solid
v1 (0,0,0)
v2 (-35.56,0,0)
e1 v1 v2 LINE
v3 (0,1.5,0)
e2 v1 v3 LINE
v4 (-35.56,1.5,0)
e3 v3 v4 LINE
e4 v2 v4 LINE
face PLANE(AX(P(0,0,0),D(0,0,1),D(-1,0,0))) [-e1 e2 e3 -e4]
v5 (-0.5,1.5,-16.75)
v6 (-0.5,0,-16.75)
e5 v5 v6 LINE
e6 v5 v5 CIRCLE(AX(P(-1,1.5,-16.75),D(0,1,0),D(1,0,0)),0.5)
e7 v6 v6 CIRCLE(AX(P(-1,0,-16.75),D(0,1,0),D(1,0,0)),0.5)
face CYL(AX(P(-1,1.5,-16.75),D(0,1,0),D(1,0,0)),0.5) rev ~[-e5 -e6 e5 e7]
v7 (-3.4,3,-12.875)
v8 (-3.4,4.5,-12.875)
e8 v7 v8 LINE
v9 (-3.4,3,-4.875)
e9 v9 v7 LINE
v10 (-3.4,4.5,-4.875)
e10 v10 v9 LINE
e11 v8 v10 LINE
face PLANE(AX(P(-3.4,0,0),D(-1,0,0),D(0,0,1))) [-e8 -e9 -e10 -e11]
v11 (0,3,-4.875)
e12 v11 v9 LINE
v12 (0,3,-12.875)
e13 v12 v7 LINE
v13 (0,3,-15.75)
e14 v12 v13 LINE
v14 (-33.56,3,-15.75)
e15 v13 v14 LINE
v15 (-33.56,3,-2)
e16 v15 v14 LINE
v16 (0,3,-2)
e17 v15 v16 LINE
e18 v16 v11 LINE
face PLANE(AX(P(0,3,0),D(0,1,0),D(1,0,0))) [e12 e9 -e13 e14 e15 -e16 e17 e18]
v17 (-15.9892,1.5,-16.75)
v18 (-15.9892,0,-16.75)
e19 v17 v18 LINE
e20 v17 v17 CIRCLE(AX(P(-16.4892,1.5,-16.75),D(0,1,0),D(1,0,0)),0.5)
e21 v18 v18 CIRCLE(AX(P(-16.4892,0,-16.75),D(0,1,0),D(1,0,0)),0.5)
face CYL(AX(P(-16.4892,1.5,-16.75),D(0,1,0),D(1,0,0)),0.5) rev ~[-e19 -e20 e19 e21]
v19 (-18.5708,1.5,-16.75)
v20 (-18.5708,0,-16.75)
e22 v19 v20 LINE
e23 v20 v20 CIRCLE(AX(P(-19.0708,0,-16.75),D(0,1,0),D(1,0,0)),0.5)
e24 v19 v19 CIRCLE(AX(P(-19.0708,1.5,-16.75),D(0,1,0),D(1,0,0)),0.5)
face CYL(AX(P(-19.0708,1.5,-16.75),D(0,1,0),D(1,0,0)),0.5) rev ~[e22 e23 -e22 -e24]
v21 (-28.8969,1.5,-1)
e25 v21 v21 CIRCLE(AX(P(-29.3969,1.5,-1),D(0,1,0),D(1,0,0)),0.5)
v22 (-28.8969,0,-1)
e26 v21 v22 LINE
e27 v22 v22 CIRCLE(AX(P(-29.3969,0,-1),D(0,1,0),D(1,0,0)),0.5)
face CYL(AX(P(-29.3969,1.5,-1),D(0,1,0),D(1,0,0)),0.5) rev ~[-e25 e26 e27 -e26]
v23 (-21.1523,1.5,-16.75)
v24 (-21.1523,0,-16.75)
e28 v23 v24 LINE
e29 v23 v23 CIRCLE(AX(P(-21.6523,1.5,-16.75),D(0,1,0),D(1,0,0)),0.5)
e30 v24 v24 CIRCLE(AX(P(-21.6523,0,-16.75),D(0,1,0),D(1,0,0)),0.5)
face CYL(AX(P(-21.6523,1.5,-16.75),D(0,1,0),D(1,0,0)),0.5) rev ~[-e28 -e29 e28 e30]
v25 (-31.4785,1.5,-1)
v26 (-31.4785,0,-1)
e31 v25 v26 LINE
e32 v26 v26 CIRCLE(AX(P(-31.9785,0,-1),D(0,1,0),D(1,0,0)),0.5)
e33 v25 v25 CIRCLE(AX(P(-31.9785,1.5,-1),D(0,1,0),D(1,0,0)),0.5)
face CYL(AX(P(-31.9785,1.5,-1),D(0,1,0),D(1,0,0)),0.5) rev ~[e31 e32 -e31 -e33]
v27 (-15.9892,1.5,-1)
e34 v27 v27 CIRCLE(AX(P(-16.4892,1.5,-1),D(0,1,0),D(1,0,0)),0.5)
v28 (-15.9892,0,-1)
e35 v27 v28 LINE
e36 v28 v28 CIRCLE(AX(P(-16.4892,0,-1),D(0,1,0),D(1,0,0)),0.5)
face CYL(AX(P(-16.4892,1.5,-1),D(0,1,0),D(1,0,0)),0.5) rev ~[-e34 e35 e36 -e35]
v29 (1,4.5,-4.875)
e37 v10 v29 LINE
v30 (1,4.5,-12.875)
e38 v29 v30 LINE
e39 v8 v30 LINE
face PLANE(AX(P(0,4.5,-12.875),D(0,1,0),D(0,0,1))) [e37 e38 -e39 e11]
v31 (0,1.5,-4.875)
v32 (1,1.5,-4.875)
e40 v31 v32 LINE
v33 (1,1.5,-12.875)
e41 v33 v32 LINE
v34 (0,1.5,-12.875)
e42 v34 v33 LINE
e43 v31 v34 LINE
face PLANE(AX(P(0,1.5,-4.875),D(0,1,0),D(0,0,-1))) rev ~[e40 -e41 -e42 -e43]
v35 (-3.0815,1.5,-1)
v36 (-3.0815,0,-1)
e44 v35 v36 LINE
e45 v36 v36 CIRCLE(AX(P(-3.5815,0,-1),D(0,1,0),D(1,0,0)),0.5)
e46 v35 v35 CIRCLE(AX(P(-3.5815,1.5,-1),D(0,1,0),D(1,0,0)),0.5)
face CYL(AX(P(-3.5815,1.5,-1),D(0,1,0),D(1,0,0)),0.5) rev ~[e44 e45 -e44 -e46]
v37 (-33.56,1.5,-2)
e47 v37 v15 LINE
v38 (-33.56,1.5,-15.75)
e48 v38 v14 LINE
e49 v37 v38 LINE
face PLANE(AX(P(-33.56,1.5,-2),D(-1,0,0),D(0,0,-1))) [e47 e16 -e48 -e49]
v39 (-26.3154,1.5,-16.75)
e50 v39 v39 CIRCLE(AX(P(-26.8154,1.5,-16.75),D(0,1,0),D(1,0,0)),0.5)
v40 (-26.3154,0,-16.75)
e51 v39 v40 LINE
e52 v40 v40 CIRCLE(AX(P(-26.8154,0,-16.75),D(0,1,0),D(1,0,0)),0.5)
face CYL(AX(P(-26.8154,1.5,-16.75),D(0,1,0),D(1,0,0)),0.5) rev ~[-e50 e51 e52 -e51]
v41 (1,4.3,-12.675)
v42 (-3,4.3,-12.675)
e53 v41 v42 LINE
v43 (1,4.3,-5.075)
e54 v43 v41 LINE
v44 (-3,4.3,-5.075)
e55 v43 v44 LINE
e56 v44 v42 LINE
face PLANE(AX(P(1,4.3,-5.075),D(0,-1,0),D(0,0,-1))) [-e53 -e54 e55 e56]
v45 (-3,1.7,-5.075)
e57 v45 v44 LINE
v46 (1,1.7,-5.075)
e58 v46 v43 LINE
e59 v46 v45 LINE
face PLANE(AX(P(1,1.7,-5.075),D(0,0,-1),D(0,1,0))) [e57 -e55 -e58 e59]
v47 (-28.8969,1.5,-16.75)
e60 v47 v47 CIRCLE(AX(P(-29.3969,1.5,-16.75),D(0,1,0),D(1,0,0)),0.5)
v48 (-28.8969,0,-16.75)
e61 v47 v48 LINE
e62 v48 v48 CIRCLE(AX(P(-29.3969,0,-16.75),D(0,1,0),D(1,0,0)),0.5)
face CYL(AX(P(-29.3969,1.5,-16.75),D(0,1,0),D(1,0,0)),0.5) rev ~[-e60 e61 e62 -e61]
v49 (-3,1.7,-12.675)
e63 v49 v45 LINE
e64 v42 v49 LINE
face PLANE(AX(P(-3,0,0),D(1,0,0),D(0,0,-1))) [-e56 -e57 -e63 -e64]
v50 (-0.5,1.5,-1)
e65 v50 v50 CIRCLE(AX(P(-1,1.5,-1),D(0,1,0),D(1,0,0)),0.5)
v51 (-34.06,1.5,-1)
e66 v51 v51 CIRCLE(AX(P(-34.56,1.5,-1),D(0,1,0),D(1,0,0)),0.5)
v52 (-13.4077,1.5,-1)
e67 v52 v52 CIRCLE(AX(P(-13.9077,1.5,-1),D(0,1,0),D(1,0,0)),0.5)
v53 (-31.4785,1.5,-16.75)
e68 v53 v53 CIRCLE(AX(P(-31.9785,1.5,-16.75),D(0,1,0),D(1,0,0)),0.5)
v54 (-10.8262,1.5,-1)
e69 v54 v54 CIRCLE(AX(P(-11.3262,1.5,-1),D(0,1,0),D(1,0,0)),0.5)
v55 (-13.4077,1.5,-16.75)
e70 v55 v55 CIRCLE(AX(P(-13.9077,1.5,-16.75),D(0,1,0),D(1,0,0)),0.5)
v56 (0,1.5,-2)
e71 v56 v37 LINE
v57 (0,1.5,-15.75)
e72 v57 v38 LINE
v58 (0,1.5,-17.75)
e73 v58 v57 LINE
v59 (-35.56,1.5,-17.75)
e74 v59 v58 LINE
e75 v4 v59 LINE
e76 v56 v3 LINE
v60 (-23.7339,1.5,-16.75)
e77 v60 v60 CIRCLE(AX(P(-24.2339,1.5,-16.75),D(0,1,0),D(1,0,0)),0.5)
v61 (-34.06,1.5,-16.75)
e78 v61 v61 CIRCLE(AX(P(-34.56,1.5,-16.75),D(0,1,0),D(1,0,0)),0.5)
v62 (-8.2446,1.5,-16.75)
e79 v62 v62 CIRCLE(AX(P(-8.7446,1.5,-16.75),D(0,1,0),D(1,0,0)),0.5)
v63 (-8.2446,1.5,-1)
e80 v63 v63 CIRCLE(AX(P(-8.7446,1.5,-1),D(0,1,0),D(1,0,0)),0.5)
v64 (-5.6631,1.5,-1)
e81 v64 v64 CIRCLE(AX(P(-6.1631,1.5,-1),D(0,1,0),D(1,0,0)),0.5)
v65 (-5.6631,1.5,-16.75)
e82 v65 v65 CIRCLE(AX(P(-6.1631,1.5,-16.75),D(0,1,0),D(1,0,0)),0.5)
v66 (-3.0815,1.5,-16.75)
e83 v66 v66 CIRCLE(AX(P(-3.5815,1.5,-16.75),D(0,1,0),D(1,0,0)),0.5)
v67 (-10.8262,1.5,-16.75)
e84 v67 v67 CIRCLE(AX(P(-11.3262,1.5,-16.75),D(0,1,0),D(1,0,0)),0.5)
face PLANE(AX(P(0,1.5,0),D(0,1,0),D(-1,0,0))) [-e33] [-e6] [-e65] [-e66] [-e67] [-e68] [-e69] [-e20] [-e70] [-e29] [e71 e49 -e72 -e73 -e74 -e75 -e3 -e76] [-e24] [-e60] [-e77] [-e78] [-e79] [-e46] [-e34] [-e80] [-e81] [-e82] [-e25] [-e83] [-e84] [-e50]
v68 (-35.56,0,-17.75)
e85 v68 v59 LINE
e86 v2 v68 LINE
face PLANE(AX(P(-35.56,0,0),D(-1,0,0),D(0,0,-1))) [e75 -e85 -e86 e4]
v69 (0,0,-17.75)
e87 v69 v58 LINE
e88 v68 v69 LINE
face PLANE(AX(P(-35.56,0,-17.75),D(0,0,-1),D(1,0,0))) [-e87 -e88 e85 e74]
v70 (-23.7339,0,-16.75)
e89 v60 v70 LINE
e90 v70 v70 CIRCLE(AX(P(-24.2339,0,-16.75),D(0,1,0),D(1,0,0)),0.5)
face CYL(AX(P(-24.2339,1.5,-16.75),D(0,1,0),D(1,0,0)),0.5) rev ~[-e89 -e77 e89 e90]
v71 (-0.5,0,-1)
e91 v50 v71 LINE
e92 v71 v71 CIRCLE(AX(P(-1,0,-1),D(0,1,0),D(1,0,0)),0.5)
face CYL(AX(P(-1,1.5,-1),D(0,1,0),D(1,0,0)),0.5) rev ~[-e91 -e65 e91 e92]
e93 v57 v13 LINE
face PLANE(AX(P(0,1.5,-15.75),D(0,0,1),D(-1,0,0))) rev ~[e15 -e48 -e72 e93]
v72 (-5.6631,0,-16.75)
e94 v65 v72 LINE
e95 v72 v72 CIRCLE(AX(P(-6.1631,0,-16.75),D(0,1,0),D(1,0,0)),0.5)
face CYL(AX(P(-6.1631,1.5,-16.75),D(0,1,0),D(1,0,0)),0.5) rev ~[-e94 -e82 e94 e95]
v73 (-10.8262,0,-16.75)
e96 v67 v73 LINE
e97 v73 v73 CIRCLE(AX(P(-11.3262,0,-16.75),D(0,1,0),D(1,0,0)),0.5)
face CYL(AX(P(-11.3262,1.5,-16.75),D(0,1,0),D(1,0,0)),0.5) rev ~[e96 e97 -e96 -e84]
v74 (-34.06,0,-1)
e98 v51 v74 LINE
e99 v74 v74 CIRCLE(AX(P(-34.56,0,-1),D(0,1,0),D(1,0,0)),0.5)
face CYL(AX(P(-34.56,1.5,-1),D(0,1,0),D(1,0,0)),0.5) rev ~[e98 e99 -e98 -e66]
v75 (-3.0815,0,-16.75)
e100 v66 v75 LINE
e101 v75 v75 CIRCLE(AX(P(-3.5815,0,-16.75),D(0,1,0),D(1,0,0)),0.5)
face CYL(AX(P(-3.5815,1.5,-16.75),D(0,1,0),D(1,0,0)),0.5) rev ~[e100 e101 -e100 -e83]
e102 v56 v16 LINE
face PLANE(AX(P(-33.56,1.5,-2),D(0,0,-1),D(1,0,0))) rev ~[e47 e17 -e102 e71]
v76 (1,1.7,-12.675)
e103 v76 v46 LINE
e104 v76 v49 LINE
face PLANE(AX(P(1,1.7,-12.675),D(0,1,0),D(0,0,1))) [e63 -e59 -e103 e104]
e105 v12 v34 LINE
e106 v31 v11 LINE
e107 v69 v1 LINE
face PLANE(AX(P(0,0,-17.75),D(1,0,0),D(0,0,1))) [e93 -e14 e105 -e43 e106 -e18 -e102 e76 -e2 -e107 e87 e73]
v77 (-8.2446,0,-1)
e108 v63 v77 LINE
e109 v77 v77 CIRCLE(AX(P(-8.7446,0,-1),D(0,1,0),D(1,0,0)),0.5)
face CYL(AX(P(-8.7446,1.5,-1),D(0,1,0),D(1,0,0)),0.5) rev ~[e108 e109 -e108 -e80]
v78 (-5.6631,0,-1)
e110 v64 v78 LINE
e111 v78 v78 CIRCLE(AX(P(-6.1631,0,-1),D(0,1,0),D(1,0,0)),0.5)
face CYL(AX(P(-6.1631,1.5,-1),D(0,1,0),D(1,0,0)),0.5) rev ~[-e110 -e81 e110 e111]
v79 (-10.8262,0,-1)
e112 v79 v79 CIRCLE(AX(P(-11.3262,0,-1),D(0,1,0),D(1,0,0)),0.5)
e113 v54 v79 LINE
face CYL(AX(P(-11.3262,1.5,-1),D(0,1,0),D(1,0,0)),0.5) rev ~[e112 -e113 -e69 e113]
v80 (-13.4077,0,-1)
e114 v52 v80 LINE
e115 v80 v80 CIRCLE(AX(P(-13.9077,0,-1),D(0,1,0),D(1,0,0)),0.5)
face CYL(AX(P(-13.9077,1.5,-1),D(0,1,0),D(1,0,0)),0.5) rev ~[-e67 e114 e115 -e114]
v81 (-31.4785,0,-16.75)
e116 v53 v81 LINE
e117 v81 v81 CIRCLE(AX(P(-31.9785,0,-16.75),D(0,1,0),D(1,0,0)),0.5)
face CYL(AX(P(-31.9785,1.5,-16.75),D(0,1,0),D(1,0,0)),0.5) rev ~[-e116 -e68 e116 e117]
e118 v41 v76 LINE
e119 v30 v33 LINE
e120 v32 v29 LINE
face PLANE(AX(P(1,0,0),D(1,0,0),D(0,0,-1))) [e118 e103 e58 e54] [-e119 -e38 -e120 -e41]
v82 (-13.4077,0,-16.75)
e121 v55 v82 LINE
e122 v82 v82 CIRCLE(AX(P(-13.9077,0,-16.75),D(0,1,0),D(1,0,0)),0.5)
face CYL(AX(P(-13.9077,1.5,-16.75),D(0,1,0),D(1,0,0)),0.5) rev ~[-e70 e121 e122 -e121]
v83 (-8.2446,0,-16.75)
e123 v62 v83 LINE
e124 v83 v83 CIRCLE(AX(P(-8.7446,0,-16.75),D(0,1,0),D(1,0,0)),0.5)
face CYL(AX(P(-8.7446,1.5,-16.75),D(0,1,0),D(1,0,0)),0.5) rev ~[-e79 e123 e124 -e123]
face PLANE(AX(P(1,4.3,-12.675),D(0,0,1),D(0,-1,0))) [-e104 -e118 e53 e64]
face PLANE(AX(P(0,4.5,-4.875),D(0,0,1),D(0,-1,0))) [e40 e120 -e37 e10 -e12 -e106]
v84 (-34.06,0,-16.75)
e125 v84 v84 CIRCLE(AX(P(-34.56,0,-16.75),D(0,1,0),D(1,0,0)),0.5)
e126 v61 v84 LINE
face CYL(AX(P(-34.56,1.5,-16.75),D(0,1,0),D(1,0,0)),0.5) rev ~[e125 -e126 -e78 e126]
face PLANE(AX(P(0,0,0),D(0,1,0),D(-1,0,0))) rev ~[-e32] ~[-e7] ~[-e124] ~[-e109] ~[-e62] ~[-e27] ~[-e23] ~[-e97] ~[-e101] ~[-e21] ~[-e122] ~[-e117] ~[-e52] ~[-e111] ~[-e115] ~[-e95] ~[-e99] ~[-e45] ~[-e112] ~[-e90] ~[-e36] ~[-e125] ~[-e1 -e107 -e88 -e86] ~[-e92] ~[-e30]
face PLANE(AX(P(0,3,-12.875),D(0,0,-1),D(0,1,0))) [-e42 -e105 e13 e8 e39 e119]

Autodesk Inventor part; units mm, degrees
ref_plane "YZ Plane" through (0, 0, 0) normal (1, 0, 0) x (0, 1, 0)
ref_plane "XZ Plane" through (0, 0, 0) normal (0, 1, 0) x (-1, 0, 0)
ref_plane "XY Plane" through (0, 0, 0) normal (0, 0, 1) x (1, 0, 0)
sketch "Sketch1" plane through (0, 0, 0) normal (0, 1, 0) x (-1, 0, 0)
  line L0 (0, 0) -> (35.56, 0)
  line L1 (35.56, 0) -> (35.56, -17.75)
  line L2 (35.56, -17.75) -> (0, -17.75)
  line L3 (0, -17.75) -> (0, 0)
  dimension "d0" = 35.56
  dimension "d1" = 17.75
extrude "Extrusion1" add sketch "Sketch1" along normal blind 1.5
sketch "Sketch2" plane through (0, 1.5, 0) normal (0, 1, 0) x (1, 0, 0)
  line L0 (0, 0) -> (0, 17.75) projected
  line L1 (0, 0) -> (0, 2)
  line L2 (-35.56, 17.75) -> (-35.56, 0) projected
  line L3 (-35.56, 0) -> (-33.56, 0)
  line L4 (-33.56, 0) -> (-33.56, 2)
  line L5 (-33.56, 2) -> (-35.56, 2)
  line L6 (-35.56, 2) -> (-35.56, 0)
  line L7 (0, 17.75) -> (-35.56, 17.75) projected
  line L8 (-35.56, 17.75) -> (-33.56, 17.75)
  line L9 (-33.56, 17.75) -> (-33.56, 15.75)
  line L10 (-33.56, 15.75) -> (-35.56, 15.75)
  line L11 (-35.56, 15.75) -> (-35.56, 17.75)
  line L12 (0, 17.75) -> (0, 15.75)
  line L13 (0, 15.75) -> (-33.56, 15.75)
  line L14 (-33.56, 2) -> (-33.56, 15.75)
  line L15 (-33.56, 2) -> (0, 2)
  dimension "d4" = 2
  dimension "d5" = 2
  dimension "d6" = 2
  dimension "d7" = 2
  dimension "d8" = 2
  dimension "d9" = 2
extrude "Extrusion2" add sketch "Sketch2" along normal blind 1.5 contours L15 L14 L13 L0
sketch "Sketch3" plane through (0, 0, 0) normal (1, 0, 0) x (0, 0, -1)
  line L0 (0, 0) -> (0, 1.5) projected
  line L1 (0, 1.5) -> (17.75, 1.5)
  line L2 (2, 1.5) -> (15.75, 1.5) projected
  line L3 (8.875, 1.5) -> (12.875, 1.5)
  line L4 (12.875, 1.5) -> (4.875, 1.5)
  line L5 (4.875, 1.5) -> (4.875, 4.5)
  line L6 (4.875, 4.5) -> (12.875, 4.5)
  line L7 (12.875, 4.5) -> (12.875, 1.5)
  dimension "d12" = 4
  dimension "d13" = 8
  dimension "d14" = 3
extrude "Extrusion3" add sketch "Sketch3" along normal blind 1
sketch "Sketch4" plane through (0, 0, 0) normal (-1, 0, 0) x (0, 0, 1)
  line L0 (-12.875, 3) -> (-12.875, 4.5) projected
  line L1 (-4.875, 4.5) -> (-4.875, 1.5) projected
  line L2 (-12.875, 4.5) -> (-4.875, 4.5)
  line L3 (-4.875, 4.5) -> (-4.875, 3)
  line L4 (-4.875, 3) -> (-12.875, 3)
  line L5 (-12.875, 3) -> (-12.875, 4.5)
  point P0 (0, 0)
extrude "Extrusion4" add sketch "Sketch4" along normal blind 3.4
sketch "Sketch5" plane through (1, 0, 0) normal (1, 0, 0) x (0, 0, -1)
  line L0 (4.875, 4.5) -> (4.875, 1.5) projected
  line L1 (4.875, 4.5) -> (5.075, 4.5)
  line L2 (5.075, 4.5) -> (5.075, 4.3)
  line L3 (5.075, 4.3) -> (4.875, 4.3)
  line L4 (4.875, 4.3) -> (4.875, 4.5)
  line L5 (12.875, 1.5) -> (12.875, 4.5) projected
  line L6 (12.875, 1.5) -> (12.675, 1.5)
  line L7 (12.675, 1.5) -> (12.675, 1.7)
  line L8 (12.675, 1.7) -> (12.875, 1.7)
  line L9 (12.875, 1.7) -> (12.875, 1.5)
  line L10 (12.675, 1.7) -> (5.075, 1.7)
  line L11 (5.075, 1.7) -> (5.075, 4.3)
  line L12 (5.075, 4.3) -> (12.675, 4.3)
  line L13 (12.675, 4.3) -> (12.675, 1.7)
  point P0 (0, 0)
  dimension "d19" = 0.2
  dimension "d20" = 0.2
  dimension "d21" = 0.2
  dimension "d22" = 0.2
extrude "Extrusion5" cut sketch "Sketch5" against normal blind 4 contours L12 L13 L10 L11
sketch "Sketch6" plane through (0, 1.5, 0) normal (0, 1, 0) x (1, 0, 0)
  line L0 (0, 0) -> (0, 17.75) projected
  line L1 (0, 0) -> (0, 1)
  line L2 (0, 1) -> (-1, 1)
  circle A0 centre (-1, 1) radius 0.5
  circle A1 centre (-3.5815, 1) radius 0.5
  circle A2 centre (-6.1631, 1) radius 0.5
  circle A3 centre (-8.7446, 1) radius 0.5
  circle A4 centre (-11.3262, 1) radius 0.5
  circle A5 centre (-13.9077, 1) radius 0.5
  circle A6 centre (-16.4892, 1) radius 0.5
  circle A7 centre (-19.0708, 1) radius 0.5
  circle A8 centre (-21.6523, 1) radius 0.5
  circle A9 centre (-24.2339, 1) radius 0.5
  circle A10 centre (-26.8154, 1) radius 0.5
  circle A11 centre (-29.3969, 1) radius 0.5
  circle A12 centre (-31.9785, 1) radius 0.5
  circle A13 centre (-34.56, 1) radius 0.5
  line L3 (-35.56, 0) -> (0, 0) projected
  line L4 (0, 17.75) -> (-35.56, 17.75) projected
  line L5 (-35.56, 0) -> (-35.56, 17.75)
  line L6 (-35.56, 17.75) -> (-35.56, 0) projected
  line L7 (-35.56, 8.875) -> (-37.649, 8.875)
  line L8 (0, 17.75) -> (0, 0)
  line L9 (0, 17.75) -> (0, 16.75)
  line L10 (0, 16.75) -> (-1, 16.75)
  circle A14 centre (-1, 16.75) radius 0.5
  circle A15 centre (-3.5815, 16.75) radius 0.5
  circle A16 centre (-6.1631, 16.75) radius 0.5
  circle A17 centre (-8.7446, 16.75) radius 0.5
  circle A18 centre (-11.3262, 16.75) radius 0.5
  circle A19 centre (-13.9077, 16.75) radius 0.5
  circle A20 centre (-16.4892, 16.75) radius 0.5
  circle A21 centre (-19.0708, 16.75) radius 0.5
  circle A22 centre (-21.6523, 16.75) radius 0.5
  circle A23 centre (-24.2339, 16.75) radius 0.5
  circle A24 centre (-26.8154, 16.75) radius 0.5
  circle A25 centre (-29.3969, 16.75) radius 0.5
  circle A26 centre (-31.9785, 16.75) radius 0.5
  circle A27 centre (-34.56, 16.75) radius 0.5
  line L11 (-35.56, 17.75) -> (0, 17.75)
  dimension "d25" = 1
  dimension "d26" = 1
  dimension "d27" = 1
  dimension "d30" = 2.5815
extrude "Extrusion6" cut sketch "Sketch6" against normal blind 4 contours A0 | A14 | A1 | A2 | A3 | A4 | A5 | A6 | A7 | A8 | A9 | A10 | A11 | A12 | A13 | A15 | A16 | A17 | A18 | A19 | A20 | A21 | A22 | A23 | A24 | A25 | A26 | A27
sketch "Sketch7" plane through (0, 1.5, 0) normal (0, 1, 0) x (1, 0, 0)
  line L0 (0, 2) -> (-33.56, 2) projected
  line L1 (-27.8322, 0.2614) -> (-18.3502, 0.2614)
  line L2 (-18.3502, 0.2614) -> (-18.3502, 2)
  line L3 (-18.3502, 2) -> (-27.8322, 2)
  line L4 (-27.8322, 2) -> (-27.8322, 0.2614)
  point P0 (0, 0)
extrude "Extrusion7" add sketch "Sketch7" against normal blind 1.5
properties part number "Teensy 3.2"
